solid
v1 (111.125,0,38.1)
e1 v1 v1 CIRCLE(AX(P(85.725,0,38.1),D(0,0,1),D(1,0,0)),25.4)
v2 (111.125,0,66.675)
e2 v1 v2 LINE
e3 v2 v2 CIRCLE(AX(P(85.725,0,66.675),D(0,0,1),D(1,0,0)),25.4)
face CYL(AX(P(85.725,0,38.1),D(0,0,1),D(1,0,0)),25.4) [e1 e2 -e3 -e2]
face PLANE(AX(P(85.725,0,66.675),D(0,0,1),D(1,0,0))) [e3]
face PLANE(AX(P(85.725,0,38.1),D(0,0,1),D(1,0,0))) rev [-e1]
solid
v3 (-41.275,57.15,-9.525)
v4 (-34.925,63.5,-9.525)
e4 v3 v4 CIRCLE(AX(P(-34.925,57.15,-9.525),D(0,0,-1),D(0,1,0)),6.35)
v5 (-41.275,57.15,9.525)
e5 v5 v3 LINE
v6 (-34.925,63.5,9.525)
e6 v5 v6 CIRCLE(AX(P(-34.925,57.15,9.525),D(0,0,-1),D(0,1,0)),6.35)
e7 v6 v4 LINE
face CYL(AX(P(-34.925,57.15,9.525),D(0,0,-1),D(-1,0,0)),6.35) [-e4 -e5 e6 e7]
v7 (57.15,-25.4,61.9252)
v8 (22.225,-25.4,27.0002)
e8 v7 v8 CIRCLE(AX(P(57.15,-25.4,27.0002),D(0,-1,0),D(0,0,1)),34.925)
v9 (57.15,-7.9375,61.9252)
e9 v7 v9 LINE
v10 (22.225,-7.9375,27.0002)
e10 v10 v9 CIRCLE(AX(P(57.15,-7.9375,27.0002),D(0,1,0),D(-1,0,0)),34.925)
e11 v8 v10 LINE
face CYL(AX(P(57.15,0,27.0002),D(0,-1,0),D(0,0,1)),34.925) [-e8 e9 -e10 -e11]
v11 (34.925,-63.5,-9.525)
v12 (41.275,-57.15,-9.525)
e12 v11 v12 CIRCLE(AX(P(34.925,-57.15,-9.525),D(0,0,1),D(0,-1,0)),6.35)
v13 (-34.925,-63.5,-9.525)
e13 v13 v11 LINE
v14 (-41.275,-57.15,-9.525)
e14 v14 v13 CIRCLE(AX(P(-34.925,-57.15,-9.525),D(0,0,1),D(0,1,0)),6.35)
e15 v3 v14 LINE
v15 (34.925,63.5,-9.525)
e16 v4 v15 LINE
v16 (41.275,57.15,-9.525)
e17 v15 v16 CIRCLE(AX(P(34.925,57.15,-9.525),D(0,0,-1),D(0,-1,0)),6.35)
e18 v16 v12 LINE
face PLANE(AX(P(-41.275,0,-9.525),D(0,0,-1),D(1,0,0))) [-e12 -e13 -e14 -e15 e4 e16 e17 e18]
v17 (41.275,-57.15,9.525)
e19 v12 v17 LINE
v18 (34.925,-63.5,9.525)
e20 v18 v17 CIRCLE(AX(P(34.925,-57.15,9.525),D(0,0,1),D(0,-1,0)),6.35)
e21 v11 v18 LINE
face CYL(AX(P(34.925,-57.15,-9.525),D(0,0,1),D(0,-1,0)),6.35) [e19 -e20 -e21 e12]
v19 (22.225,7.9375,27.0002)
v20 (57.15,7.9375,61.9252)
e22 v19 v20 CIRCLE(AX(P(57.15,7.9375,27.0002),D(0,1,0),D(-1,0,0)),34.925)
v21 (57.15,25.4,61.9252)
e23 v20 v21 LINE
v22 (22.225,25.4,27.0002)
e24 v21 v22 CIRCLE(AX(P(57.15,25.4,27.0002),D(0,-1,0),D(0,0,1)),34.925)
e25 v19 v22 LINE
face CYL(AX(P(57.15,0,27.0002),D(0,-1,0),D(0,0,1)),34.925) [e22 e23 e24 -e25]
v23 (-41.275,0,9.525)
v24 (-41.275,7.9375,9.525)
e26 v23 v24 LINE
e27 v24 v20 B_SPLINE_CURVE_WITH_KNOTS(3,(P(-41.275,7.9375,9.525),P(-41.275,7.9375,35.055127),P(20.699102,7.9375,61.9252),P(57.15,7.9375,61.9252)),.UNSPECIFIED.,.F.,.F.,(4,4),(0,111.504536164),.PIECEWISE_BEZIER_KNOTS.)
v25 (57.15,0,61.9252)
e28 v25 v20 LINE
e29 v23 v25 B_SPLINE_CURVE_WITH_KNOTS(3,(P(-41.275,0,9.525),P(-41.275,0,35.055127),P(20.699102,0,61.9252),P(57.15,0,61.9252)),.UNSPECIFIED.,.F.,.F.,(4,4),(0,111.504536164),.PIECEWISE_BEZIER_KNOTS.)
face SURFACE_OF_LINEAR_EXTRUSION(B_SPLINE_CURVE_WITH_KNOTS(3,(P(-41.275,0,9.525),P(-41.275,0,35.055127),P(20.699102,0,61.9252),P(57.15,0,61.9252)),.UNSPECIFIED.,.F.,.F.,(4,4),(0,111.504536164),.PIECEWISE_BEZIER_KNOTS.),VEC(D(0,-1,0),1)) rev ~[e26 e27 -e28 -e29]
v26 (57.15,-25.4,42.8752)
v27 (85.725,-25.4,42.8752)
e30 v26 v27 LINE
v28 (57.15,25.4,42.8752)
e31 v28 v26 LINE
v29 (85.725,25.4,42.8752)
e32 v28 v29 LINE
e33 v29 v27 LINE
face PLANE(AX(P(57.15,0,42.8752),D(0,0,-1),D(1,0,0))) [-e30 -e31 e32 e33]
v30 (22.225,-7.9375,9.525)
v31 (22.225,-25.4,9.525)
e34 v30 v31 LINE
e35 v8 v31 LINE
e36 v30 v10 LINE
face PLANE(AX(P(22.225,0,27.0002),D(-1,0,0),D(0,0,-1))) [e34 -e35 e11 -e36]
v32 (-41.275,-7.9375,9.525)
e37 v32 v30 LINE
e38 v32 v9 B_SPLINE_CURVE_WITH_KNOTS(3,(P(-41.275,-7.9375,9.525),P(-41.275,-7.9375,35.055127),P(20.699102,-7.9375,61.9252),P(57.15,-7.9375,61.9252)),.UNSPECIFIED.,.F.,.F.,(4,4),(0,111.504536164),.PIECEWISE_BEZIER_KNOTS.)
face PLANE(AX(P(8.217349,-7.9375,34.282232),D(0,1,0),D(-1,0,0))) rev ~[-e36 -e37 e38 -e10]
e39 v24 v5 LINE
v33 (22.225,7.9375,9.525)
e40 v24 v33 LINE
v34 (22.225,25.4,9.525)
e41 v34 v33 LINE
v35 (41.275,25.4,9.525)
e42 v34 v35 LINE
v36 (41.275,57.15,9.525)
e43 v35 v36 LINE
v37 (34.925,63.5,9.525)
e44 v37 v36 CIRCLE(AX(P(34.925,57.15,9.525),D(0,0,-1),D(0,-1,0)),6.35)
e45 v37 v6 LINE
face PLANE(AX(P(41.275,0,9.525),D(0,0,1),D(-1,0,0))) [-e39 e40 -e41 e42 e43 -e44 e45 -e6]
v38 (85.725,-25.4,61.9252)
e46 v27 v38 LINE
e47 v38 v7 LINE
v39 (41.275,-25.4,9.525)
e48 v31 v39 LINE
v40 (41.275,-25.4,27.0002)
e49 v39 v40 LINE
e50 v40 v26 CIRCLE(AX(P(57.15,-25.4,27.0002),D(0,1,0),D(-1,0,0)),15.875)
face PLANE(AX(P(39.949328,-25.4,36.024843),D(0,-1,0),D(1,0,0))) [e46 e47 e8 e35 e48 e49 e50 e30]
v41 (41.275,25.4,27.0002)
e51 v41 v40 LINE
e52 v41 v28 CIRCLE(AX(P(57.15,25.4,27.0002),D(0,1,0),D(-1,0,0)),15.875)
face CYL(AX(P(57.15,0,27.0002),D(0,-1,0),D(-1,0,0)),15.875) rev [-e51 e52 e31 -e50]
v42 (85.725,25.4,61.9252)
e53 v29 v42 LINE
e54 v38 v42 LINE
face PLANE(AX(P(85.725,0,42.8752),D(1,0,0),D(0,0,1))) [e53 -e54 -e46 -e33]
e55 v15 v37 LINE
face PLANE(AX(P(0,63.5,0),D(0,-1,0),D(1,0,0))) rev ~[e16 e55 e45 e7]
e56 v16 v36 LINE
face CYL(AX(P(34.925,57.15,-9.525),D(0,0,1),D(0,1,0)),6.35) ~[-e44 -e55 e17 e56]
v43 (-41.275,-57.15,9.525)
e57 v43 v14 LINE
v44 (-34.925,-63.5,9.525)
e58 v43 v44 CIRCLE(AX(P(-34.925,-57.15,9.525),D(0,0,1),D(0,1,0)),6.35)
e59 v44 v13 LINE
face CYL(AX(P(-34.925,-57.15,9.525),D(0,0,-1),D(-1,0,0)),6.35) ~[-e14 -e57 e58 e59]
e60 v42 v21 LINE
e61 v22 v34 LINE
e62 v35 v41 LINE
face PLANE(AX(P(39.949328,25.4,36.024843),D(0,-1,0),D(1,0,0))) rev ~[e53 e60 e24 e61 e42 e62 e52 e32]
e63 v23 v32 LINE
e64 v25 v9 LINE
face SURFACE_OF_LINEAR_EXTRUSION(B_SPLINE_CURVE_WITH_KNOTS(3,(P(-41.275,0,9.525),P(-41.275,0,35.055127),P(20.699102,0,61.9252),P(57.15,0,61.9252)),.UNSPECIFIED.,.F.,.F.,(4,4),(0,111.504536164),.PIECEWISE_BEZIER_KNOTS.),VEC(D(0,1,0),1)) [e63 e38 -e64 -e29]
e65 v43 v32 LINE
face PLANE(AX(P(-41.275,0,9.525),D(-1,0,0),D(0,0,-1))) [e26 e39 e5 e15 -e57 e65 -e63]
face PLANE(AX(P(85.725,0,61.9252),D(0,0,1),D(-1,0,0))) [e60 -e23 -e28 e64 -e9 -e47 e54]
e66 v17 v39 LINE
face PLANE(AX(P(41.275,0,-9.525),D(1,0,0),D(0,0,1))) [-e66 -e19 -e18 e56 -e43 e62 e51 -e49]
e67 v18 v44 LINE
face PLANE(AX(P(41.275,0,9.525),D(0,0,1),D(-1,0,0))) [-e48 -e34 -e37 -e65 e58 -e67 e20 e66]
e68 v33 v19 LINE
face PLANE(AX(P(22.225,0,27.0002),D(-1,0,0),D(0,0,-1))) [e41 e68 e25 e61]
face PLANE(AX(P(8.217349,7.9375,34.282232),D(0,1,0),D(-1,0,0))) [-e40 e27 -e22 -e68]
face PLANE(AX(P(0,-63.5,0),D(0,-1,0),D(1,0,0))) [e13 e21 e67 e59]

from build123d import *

# Parameters (mm, degrees)
F1_DEPTH = 63.5
F0_W     = 25.4
F0_H     = 19.05
F2_DEPTH = 25.4
F3_DEPTH = 7.9375
F7_R     = 6.35


with BuildPart() as f1:
    # F0 (on Front) → F1 (new body, symmetric)
    with BuildSketch(Plane.XZ):
        Polygon((22.225, 9.525), (-41.275, 9.525), (-41.275, -9.525), (41.275, -9.525), (41.275, 9.525), align=None)
    extrude(amount=F1_DEPTH, both=True)

    # F0 (on Front) → F2 (join, symmetric)
    with BuildSketch(Plane.XZ):
        with BuildLine():
            Line((22.225, 27.0002), (22.225, 9.525))
            Line((22.225, 9.525), (41.275, 9.525))
            Line((41.275, 9.525), (41.275, 27.0002))
            ThreePointArc((41.275, 27.0002), (45.9246798487, 38.2255201513), (57.15, 42.8752))
            Line((57.15, 42.8752), (60.325, 42.8752))
            Line((60.325, 42.8752), (60.325, 61.9252))
            Line((60.325, 61.9252), (57.15, 61.9252))
            ThreePointArc((57.15, 61.9252), (32.4542956671, 51.6959043329), (22.225, 27.0002))
        make_face()
        with Locations((73.025, 52.4002)):
            Rectangle(F0_W, F0_H)
    extrude(amount=F2_DEPTH, both=True)

    # F0 (on Front) → F3 (join, symmetric)
    with BuildSketch(Plane.XZ):
        with BuildLine():
            add(Edge.make_bspline(
                [(-41.275, 9.525), (-41.275, 35.0551274456), (20.699101642, 61.9252), (57.15, 61.9252)],
                knots=[0, 0, 0, 0, 111.5045361635, 111.5045361635, 111.5045361635, 111.5045361635], degree=3))
            Line((-41.275, 9.525), (22.225, 9.525))
            Line((22.225, 9.525), (22.225, 27.0002))
            ThreePointArc((22.225, 27.0002), (32.4542956671, 51.6959043329), (57.15, 61.9252))
        make_face()
    extrude(amount=F3_DEPTH, both=True)

    # F7
    f7_edges = [f1.edges().sort_by_distance(p)[0] for p in [
        (41.275, -63.5, 0),
        (-41.275, -63.5, 0),
        (-41.275, 63.5, 0),
        (41.275, 63.5, 0),
    ]]
    fillet(f7_edges, radius=F7_R)


with BuildPart() as f4:
    # F0 (on Front) → F4 (revolve)
    with BuildSketch(Plane.XZ):
        Polygon((85.725, 66.675), (85.725, 61.9252), (85.725, 42.8752), (85.725, 38.1), (111.125, 38.1), (111.125, 66.675), align=None)
    revolve(axis=Axis((85.725, 0, 52.3875), (0, 0, 1)))


with BuildPart() as f6:
    # F0 (on Front) → F6 (revolve)
    with BuildSketch(Plane.XZ):
        Polygon((85.725, 66.675), (85.725, 61.9252), (85.725, 42.8752), (85.725, 38.1), (111.125, 38.1), (111.125, 66.675), align=None)
    revolve(axis=Axis((85.725, 0, 52.3875), (0, 0, 1)))


solid = Compound([f1.part, f6.part])
